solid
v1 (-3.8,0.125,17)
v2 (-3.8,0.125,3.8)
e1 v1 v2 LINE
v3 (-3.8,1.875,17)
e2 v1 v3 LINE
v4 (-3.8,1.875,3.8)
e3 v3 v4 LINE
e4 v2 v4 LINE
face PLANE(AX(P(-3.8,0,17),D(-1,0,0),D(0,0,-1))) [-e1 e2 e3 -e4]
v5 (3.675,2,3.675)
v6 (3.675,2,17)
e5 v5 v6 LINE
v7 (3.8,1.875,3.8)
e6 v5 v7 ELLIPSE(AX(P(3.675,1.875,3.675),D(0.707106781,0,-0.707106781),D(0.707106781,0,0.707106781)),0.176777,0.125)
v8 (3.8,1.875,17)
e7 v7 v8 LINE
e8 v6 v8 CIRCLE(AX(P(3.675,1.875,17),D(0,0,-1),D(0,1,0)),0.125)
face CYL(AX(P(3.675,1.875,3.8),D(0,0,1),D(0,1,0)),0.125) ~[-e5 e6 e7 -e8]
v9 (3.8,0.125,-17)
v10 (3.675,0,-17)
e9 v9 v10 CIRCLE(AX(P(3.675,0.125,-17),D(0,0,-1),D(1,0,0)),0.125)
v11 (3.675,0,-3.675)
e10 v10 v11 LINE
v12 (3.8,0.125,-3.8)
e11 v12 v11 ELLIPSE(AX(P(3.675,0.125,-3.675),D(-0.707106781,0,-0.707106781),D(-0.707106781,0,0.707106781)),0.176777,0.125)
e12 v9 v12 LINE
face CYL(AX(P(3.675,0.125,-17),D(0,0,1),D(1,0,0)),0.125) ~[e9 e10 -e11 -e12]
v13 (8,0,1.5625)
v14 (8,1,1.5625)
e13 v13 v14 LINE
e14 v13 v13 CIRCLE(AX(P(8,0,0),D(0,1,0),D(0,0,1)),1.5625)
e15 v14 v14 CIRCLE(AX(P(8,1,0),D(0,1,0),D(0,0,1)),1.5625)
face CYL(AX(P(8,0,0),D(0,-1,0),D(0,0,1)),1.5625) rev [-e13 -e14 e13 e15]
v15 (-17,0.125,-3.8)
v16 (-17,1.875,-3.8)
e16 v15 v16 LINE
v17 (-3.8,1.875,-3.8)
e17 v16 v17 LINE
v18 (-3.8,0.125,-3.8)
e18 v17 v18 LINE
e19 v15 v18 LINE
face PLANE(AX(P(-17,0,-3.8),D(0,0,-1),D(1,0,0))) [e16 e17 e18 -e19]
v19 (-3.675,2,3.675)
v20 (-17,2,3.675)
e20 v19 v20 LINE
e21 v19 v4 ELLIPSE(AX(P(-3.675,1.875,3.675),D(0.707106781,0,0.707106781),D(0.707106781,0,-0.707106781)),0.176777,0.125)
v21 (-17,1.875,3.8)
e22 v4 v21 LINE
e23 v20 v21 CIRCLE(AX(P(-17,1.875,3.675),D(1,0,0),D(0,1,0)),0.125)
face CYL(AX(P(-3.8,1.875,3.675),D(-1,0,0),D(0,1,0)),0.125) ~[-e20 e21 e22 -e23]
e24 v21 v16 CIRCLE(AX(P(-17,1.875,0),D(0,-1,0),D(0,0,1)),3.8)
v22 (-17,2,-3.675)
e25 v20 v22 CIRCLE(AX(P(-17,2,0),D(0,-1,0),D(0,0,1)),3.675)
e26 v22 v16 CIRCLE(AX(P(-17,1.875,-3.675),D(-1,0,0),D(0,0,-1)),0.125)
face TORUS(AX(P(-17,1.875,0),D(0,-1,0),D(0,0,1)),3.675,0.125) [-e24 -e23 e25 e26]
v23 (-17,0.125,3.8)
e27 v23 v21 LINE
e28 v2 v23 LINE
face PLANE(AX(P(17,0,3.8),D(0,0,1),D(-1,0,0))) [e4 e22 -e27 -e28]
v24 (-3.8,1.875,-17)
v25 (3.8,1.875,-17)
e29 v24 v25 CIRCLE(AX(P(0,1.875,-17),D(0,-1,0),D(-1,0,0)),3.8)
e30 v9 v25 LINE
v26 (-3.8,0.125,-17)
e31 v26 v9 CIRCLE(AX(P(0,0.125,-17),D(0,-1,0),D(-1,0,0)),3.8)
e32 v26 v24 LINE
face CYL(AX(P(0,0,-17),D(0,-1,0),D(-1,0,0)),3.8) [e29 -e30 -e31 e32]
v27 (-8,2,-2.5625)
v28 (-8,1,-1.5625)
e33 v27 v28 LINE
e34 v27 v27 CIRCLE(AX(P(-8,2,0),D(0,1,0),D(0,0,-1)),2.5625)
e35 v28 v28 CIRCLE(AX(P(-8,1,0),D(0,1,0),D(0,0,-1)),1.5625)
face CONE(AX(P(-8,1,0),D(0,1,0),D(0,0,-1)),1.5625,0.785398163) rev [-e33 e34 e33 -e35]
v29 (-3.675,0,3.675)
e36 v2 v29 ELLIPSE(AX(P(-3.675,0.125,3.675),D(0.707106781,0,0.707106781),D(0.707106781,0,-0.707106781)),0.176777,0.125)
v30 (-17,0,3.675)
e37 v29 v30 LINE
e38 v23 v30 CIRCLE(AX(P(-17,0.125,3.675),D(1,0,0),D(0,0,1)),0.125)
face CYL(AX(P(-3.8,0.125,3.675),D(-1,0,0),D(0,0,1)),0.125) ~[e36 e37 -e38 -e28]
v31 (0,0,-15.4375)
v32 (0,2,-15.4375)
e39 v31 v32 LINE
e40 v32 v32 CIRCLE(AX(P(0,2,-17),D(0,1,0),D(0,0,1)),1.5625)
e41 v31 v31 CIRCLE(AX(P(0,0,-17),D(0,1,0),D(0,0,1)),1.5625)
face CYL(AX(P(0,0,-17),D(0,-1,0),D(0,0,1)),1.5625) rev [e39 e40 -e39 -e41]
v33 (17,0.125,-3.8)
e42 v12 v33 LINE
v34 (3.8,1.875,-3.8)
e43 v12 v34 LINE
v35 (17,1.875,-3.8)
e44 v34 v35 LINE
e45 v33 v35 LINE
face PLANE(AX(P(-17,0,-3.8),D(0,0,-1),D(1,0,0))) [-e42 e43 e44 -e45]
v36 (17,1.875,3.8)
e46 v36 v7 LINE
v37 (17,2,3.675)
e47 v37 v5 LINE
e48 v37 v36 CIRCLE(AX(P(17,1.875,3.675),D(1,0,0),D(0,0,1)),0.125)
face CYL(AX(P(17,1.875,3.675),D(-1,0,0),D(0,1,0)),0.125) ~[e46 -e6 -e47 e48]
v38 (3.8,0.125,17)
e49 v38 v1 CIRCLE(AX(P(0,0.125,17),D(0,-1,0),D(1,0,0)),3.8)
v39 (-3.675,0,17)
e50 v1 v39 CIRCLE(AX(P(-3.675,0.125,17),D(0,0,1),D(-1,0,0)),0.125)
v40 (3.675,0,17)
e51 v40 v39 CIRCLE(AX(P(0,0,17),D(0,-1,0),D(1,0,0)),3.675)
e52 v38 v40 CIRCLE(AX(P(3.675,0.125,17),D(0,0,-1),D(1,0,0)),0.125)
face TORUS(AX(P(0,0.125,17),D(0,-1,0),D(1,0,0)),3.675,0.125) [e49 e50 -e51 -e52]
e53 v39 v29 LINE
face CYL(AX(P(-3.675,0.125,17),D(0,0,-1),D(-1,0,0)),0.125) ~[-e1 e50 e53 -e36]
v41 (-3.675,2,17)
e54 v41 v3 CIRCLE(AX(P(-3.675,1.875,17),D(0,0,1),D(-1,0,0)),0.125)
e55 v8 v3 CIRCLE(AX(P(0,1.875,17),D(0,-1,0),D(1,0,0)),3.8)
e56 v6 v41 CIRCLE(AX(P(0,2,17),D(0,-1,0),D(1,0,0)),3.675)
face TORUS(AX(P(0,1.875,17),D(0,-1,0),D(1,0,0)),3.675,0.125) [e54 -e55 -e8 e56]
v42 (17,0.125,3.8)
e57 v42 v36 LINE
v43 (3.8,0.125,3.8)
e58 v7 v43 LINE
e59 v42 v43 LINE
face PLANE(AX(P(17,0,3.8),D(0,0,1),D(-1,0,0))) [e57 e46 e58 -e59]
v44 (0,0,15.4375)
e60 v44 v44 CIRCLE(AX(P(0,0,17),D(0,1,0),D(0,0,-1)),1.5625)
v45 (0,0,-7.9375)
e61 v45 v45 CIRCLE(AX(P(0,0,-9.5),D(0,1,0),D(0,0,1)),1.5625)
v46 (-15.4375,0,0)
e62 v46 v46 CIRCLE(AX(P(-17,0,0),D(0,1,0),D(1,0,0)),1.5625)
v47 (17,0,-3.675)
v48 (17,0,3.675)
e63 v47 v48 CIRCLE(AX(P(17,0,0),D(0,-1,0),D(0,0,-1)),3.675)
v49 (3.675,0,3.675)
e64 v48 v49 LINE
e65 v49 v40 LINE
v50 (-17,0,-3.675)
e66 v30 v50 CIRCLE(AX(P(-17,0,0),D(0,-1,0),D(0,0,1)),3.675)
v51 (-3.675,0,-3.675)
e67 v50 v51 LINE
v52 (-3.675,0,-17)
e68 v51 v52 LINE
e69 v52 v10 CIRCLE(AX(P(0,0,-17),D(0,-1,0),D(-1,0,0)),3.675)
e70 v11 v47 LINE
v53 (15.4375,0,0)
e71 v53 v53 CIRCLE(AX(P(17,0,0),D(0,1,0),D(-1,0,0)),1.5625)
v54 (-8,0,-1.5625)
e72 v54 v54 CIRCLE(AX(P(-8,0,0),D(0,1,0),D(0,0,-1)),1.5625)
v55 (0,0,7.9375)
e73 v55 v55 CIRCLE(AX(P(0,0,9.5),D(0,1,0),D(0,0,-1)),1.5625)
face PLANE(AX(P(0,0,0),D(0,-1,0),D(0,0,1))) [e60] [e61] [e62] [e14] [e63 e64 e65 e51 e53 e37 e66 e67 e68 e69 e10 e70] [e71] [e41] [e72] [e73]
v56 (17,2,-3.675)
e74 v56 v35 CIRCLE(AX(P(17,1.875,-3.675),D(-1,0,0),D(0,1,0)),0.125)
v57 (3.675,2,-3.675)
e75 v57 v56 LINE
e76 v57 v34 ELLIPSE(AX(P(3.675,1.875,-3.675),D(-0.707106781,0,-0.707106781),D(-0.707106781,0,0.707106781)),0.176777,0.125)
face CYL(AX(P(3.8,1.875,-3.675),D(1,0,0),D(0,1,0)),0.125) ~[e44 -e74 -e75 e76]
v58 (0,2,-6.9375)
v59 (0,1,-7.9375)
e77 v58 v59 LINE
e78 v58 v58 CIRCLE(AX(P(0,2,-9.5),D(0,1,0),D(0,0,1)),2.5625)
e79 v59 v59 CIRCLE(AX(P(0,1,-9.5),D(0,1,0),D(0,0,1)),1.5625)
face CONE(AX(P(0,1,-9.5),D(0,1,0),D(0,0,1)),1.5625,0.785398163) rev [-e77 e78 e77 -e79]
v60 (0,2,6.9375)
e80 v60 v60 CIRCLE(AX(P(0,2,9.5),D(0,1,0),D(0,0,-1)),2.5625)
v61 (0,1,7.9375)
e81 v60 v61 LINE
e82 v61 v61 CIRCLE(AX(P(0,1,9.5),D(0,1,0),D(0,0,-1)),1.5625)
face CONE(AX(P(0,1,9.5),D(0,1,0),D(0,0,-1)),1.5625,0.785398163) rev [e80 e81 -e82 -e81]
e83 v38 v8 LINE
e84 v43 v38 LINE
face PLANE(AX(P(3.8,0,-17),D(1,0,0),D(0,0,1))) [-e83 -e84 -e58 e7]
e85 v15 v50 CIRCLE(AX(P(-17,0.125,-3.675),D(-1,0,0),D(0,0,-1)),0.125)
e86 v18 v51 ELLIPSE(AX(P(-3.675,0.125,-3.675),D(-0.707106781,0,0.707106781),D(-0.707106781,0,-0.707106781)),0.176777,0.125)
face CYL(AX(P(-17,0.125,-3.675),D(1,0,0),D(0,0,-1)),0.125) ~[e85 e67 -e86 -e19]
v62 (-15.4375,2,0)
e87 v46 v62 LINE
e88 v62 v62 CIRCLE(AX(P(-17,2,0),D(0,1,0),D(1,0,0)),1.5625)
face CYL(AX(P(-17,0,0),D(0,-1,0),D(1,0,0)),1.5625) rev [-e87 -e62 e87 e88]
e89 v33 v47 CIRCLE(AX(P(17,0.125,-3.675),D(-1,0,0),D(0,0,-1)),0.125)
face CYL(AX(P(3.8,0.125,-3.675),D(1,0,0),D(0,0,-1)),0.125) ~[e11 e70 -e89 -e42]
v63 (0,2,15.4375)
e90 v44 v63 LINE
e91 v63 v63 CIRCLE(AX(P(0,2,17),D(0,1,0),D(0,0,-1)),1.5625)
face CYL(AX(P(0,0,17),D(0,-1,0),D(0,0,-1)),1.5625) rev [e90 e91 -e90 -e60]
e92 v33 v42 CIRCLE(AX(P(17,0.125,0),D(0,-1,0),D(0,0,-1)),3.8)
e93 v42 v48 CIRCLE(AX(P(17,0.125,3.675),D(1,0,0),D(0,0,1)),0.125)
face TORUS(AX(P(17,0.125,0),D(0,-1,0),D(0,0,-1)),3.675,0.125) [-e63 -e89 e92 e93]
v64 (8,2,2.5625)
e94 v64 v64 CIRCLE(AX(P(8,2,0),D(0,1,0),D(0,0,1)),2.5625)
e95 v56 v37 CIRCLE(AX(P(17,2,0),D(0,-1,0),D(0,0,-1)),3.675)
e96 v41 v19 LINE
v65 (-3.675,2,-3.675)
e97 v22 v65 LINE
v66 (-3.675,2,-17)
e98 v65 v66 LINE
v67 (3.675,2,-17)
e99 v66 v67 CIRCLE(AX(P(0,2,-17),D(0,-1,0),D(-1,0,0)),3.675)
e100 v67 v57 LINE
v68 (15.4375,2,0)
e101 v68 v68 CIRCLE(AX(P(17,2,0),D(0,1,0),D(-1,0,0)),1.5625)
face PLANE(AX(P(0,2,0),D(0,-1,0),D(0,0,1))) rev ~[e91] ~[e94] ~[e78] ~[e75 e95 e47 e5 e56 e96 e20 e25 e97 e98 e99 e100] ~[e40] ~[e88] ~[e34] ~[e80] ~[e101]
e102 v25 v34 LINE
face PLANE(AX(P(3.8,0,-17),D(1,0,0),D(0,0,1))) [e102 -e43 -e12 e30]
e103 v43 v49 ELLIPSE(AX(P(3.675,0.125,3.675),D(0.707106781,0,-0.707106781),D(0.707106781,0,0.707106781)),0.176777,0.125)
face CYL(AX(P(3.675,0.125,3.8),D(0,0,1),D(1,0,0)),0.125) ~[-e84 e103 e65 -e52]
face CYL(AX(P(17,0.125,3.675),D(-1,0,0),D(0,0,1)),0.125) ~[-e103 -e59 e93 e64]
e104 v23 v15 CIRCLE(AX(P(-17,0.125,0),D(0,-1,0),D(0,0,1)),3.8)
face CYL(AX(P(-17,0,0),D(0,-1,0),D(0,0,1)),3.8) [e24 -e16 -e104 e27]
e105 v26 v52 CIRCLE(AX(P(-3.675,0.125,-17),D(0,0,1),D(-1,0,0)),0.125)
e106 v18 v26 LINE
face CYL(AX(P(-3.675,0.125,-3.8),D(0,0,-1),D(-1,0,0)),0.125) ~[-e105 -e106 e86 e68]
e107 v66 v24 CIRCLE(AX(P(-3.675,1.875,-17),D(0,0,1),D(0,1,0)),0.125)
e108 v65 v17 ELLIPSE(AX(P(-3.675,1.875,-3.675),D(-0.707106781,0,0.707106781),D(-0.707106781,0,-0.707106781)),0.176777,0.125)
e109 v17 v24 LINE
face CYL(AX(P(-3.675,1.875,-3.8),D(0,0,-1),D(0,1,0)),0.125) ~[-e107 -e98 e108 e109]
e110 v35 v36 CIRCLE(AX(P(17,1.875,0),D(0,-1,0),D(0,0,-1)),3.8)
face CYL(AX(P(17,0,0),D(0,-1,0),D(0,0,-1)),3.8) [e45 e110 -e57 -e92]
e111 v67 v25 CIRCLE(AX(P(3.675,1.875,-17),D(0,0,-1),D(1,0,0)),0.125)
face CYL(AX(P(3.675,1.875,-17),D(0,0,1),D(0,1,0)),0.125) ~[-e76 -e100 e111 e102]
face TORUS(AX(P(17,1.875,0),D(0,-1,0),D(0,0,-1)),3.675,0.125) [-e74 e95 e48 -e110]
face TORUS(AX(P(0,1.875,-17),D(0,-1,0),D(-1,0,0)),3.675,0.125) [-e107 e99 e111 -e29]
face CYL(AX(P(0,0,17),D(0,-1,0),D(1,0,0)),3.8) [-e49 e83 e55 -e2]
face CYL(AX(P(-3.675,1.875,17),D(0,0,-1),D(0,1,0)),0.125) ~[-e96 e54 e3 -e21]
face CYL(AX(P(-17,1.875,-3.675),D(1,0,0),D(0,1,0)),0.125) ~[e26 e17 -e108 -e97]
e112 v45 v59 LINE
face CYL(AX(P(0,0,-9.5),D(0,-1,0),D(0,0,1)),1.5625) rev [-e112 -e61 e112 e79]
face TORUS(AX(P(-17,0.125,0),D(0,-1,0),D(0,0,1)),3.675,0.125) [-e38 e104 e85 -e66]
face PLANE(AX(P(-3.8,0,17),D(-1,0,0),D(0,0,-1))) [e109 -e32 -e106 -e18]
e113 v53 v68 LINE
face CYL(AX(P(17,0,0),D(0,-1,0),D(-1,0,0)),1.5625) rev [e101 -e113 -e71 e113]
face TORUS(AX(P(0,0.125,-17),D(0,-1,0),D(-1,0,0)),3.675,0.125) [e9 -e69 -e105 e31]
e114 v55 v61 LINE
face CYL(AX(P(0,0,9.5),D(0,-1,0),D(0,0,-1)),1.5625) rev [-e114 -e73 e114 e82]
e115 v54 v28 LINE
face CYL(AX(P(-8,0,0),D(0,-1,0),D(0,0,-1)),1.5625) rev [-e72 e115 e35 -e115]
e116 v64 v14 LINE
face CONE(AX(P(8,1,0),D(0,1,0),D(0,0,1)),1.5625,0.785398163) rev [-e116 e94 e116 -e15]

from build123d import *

# Parameters (mm, degrees)
SKETCH1_R           = 1.5625
BOSS_EXTRUDE1_DEPTH = 2
CIRPATTERN1_COUNT   = 2
CIRPATTERN1_ANGLE   = 90
SKETCH2_R           = 1.5625
CUT_EXTRUDE1_DEPTH  = 2
CHAMFER1_SIZE       = 1
FILLET1_R           = 0.125


with BuildPart() as part:
    # Sketch1 → Boss-Extrude1 (new body)
    with BuildSketch(Plane(origin=(0, 0, 0), x_dir=(1, 0, 0), z_dir=(0, 1, 0))):
        with BuildLine():
            Line((-3.8, -17), (-3.8, 17))
            ThreePointArc((-3.8, 17), (0, 20.8), (3.8, 17))
            Line((3.8, 17), (3.8, -17))
            ThreePointArc((3.8, -17), (0, -20.8), (-3.8, -17))
        make_face()
        with Locations(Location((0, 17, 0), (0, 0, 270))):
            Circle(SKETCH1_R, mode=Mode.SUBTRACT)
        with Locations(Location((0, -17, 0), (0, 0, 90))):
            Circle(SKETCH1_R, mode=Mode.SUBTRACT)
    boss_extrude1 = extrude(amount=BOSS_EXTRUDE1_DEPTH)

    # CirPattern1: Boss-Extrude1 ×2 about axis
    cirpattern1_axis = Axis((0, 0, 0), (0, 1, 0))
    for i in range(1, CIRPATTERN1_COUNT):
        add(boss_extrude1.rotate(cirpattern1_axis, i * CIRPATTERN1_ANGLE / (CIRPATTERN1_COUNT - 1)))

    # Sketch2 → Cut-Extrude1 (cut)
    with BuildSketch(Plane(origin=(0, 0, 0), x_dir=(1, 0, 0), z_dir=(0, 1, 0))):
        with Locations(Location((0, 9.5, 0), (0, 0, 270))):
            Circle(SKETCH2_R)
        with Locations(Location((8, 0, 0), (0, 0, 270))):
            Circle(SKETCH2_R)
        with Locations(Location((0, -9.5, 0), (0, 0, 90))):
            Circle(SKETCH2_R)
        with Locations(Location((-8, 0, 0), (0, 0, 90))):
            Circle(SKETCH2_R)
    extrude(amount=CUT_EXTRUDE1_DEPTH, mode=Mode.SUBTRACT)

    # Chamfer1
    chamfer1_edges = [part.edges().sort_by_distance(p)[0] for p in [
        (0, 2, -11.0625),
        (8, 2, -1.5625),
        (0, 2, 11.0625),
        (-8, 2, 1.5625),
    ]]
    chamfer(chamfer1_edges, length=CHAMFER1_SIZE)

    # Fillet1
    fillet1_edges = [part.edges().sort_by_distance(p)[0] for p in [
        (0, 2, -20.8),
        (-3.8, 2, -10.4),
        (-3.8, 0, 10.4),
        (-3.8, 2, 10.4),
        (3.8, 0, -10.4),
        (3.8, 2, -10.4),
        (10.4, 2, 3.8),
        (20.8, 2, 0),
        (10.4, 2, -3.8),
        (-10.4, 2, -3.8),
        (-20.8, 2, 0),
        (-10.4, 2, 3.8),
        (10.4, 0, -3.8),
        (-10.4, 0, -3.8),
        (10.4, 0, 3.8),
        (-10.4, 0, 3.8),
        (20.8, 0, 0),
        (-20.8, 0, 0),
        (0, 2, 20.8),
        (-3.8, 0, -10.4),
        (0, 0, -20.8),
        (3.8, 0, 10.4),
        (0, 0, 20.8),
        (3.8, 2, 10.4),
    ]]
    fillet(fillet1_edges, radius=FILLET1_R)


solid = part.part
